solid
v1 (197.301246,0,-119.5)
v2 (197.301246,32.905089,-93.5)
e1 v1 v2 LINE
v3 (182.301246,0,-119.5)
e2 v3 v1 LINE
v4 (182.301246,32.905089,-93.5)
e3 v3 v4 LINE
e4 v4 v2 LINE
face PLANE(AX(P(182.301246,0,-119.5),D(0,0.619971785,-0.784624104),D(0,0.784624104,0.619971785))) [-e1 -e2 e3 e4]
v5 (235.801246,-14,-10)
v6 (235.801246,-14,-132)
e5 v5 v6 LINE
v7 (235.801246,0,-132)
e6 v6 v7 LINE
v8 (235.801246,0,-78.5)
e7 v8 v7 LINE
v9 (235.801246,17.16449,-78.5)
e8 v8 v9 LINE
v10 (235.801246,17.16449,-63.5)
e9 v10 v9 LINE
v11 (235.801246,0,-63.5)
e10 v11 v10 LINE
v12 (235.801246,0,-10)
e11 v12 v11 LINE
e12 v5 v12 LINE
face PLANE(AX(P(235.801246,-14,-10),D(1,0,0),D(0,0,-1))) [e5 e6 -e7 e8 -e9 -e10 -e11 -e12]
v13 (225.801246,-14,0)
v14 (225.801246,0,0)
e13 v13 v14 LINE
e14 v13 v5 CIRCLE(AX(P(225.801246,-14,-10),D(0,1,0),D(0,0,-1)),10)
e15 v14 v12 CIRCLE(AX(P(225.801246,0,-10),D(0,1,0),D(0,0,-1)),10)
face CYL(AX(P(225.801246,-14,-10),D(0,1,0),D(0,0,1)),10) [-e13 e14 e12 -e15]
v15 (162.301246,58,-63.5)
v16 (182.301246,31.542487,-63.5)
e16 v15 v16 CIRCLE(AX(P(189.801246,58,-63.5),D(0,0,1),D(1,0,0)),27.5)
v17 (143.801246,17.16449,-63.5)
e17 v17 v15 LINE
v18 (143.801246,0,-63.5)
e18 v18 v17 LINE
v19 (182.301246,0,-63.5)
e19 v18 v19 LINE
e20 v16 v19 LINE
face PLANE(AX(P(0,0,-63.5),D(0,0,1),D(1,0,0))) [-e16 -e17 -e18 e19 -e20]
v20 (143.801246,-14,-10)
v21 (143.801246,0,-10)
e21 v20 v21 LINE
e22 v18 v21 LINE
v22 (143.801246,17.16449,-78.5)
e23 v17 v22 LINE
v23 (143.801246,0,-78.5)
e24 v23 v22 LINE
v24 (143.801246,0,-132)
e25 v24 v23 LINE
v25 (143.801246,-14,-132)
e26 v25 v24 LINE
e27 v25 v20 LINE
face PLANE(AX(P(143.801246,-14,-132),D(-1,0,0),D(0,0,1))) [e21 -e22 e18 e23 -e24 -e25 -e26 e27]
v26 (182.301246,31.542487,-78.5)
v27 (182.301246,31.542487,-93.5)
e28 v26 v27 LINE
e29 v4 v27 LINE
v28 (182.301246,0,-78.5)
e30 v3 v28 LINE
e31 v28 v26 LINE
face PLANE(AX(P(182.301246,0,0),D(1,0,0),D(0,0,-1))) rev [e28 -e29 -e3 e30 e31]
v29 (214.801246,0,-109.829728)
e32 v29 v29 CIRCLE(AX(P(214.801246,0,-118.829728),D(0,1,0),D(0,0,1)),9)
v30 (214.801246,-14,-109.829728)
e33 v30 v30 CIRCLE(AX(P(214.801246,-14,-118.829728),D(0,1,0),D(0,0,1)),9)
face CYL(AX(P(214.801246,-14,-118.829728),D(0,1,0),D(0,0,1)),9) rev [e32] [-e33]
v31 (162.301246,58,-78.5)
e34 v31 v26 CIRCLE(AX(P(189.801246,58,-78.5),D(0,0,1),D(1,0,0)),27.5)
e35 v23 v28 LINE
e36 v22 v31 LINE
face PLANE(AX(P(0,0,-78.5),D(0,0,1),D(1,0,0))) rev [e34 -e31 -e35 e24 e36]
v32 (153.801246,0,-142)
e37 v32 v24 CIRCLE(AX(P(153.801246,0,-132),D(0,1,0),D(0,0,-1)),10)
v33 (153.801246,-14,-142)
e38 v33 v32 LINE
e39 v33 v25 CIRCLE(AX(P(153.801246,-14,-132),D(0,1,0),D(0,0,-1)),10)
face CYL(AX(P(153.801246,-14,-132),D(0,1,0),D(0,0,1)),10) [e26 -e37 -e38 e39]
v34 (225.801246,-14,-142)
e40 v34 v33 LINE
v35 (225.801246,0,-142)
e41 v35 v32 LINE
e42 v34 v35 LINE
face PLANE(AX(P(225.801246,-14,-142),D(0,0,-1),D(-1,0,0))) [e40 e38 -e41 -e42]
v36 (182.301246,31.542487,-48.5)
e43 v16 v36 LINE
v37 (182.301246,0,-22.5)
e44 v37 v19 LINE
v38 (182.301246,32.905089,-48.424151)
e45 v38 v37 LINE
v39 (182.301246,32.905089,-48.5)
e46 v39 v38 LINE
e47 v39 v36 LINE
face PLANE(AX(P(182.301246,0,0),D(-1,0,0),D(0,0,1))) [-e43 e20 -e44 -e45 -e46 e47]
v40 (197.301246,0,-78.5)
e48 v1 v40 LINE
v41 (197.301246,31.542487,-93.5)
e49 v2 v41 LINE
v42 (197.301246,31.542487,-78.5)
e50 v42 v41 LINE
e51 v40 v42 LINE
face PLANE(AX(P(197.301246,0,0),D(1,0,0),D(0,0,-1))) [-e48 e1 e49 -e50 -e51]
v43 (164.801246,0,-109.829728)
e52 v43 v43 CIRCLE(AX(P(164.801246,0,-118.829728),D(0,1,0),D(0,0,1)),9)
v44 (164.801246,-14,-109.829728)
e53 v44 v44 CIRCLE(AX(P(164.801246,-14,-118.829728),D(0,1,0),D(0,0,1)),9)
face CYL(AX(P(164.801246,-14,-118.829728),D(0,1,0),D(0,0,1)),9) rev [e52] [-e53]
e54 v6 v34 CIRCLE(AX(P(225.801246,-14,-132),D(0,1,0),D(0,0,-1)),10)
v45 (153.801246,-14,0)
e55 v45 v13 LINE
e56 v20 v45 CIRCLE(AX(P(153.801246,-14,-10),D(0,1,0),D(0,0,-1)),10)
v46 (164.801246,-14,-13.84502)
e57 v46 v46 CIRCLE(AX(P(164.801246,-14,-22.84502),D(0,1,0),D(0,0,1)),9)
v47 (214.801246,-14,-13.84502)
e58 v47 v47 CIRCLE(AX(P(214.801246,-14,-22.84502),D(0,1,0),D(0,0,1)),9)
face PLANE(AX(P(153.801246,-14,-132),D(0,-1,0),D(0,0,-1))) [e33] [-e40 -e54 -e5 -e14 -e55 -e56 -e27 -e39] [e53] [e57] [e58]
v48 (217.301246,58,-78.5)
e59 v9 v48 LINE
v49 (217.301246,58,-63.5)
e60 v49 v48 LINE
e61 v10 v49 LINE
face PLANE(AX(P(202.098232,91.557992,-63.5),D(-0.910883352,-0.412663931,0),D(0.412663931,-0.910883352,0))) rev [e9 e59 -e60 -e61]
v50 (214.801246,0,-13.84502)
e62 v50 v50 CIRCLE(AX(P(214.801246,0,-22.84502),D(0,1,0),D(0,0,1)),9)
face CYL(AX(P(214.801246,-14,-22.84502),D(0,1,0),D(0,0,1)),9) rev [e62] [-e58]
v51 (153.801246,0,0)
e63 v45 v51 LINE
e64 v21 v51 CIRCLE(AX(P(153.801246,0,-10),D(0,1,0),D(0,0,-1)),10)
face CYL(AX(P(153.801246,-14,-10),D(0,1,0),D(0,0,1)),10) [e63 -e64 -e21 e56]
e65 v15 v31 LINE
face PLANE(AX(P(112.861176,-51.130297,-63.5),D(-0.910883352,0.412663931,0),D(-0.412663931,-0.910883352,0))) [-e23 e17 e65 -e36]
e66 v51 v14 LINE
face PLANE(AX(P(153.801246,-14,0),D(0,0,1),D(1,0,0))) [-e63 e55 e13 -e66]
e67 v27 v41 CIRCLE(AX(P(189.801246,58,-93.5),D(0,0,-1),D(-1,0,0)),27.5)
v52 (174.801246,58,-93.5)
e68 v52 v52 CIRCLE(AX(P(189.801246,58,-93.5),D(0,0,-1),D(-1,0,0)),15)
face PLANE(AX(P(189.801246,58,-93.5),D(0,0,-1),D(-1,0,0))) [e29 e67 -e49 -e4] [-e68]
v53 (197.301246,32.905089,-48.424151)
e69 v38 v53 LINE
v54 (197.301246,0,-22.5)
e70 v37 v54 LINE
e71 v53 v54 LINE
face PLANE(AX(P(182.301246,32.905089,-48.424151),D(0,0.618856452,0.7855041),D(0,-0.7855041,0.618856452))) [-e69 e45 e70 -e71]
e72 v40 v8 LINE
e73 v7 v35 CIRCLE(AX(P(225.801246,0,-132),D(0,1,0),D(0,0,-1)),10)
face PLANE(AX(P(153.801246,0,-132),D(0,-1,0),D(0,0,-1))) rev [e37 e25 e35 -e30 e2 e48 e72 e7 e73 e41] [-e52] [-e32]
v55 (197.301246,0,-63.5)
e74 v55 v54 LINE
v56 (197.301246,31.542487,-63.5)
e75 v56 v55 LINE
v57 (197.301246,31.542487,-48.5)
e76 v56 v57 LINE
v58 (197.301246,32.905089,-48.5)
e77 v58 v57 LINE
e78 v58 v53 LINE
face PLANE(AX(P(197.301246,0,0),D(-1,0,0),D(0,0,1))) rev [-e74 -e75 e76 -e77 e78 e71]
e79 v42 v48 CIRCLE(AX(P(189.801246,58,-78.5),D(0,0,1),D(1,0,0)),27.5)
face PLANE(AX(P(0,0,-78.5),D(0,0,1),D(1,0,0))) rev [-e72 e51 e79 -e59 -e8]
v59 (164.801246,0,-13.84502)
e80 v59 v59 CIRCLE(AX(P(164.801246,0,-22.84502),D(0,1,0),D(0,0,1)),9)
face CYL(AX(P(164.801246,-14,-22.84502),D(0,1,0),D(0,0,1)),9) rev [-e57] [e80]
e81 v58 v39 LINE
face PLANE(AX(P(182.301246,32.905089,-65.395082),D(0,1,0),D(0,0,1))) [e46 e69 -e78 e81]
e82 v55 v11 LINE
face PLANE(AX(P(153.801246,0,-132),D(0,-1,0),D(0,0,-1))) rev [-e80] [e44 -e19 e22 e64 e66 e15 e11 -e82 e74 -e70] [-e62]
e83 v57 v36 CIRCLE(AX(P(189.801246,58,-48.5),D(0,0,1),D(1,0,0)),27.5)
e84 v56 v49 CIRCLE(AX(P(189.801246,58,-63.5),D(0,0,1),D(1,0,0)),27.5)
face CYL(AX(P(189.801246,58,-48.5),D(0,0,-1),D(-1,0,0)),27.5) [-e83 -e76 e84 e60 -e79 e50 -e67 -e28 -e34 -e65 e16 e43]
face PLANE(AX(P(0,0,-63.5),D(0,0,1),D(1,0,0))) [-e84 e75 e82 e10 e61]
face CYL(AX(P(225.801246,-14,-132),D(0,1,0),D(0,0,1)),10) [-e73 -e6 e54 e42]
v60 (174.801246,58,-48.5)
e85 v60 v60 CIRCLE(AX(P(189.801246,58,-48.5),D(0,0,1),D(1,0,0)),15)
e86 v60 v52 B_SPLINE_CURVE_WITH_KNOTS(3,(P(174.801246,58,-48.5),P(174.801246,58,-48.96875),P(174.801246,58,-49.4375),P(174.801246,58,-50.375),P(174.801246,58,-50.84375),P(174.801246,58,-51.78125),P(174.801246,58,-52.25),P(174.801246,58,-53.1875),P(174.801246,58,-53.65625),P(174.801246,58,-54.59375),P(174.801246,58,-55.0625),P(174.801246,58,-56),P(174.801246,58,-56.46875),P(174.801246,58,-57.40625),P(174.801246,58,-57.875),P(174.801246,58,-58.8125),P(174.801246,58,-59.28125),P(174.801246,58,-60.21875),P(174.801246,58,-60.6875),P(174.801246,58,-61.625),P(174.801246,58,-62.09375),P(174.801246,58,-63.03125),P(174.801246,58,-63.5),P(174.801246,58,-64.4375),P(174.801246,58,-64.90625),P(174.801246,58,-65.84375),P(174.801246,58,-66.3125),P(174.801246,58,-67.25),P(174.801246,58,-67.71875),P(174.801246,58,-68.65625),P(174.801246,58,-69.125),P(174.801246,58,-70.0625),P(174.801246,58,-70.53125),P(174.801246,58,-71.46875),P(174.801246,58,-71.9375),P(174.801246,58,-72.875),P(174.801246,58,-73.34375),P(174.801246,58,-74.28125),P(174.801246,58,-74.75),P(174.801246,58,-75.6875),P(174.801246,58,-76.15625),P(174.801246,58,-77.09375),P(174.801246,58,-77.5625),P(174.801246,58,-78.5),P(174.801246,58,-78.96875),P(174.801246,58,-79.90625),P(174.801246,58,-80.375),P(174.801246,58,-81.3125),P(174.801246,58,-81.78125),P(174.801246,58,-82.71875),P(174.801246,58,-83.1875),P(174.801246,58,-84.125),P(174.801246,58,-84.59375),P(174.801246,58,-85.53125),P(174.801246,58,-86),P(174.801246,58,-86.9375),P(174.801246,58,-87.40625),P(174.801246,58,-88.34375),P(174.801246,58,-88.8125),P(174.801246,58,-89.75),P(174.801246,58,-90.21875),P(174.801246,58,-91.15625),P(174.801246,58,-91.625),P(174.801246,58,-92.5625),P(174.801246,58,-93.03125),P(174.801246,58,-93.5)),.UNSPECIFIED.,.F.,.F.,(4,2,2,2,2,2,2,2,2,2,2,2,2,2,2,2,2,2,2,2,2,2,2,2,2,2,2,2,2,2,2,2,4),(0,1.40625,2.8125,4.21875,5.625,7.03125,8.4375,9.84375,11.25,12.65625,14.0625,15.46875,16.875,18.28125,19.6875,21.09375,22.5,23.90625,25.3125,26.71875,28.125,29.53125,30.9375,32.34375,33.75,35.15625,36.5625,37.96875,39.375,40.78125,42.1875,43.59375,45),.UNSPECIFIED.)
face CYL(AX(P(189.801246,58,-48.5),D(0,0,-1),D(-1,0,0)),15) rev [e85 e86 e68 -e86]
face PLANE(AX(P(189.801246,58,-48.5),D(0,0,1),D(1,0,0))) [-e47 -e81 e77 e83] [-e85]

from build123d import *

# Parameters (mm, degrees)
SKETCH1_R           = 9
BOSS_EXTRUDE1_DEPTH = 14
SKETCH2_R           = 27.5
SKETCH2_R_2         = 15
BOSS_EXTRUDE2_DEPTH = 22.5
SKETCH3_R           = 27.5
SKETCH3_R_2         = 15
BOSS_EXTRUDE3_DEPTH = 22.5
BOSS_EXTRUDE4_DEPTH = 7.5
BOSS_EXTRUDE9_DEPTH = 7.5


with BuildPart() as part:
    # Sketch1 → Boss-Extrude1 (new body)
    with BuildSketch(Plane(origin=(0, 0, 0), x_dir=(1, 0, 0), z_dir=(0, 1, 0))):
        with BuildLine():
            Line((153.801246265, 0), (225.801246265, 0))
            ThreePointArc((225.801246265, 0), (232.872314076, 2.928932188), (235.801246265, 10))
            Line((235.801246265, 10), (235.801246265, 132))
            ThreePointArc((235.801246265, 132), (232.872314076, 139.071067812), (225.801246265, 142))
            Line((225.801246265, 142), (153.801246265, 142))
            ThreePointArc((153.801246265, 142), (146.730178453, 139.071067812), (143.801246265, 132))
            Line((143.801246265, 132), (143.801246265, 10))
            ThreePointArc((143.801246265, 10), (146.730178453, 2.928932188), (153.801246265, 0))
        make_face()
        with Locations(Location((164.801246265, 22.845020392, 0), (0, 0, 270))):
            Circle(SKETCH1_R, mode=Mode.SUBTRACT)
        with Locations(Location((214.801246265, 22.845020392, 0), (0, 0, 270))):
            Circle(SKETCH1_R, mode=Mode.SUBTRACT)
        with Locations(Location((214.801246265, 118.829727622, 0), (0, 0, 270))):
            Circle(SKETCH1_R, mode=Mode.SUBTRACT)
        with Locations(Location((164.801246265, 118.829727622, 0), (0, 0, 270))):
            Circle(SKETCH1_R, mode=Mode.SUBTRACT)
    extrude(amount=-BOSS_EXTRUDE1_DEPTH)



with BuildPart() as body_2:
    # Sketch2 → Boss-Extrude2 (new body)
    with BuildSketch(Plane.XY.offset(-71)):
        with Locations(Location((189.801246265, 58, 0), (0, 0, 180))):
            Circle(SKETCH2_R)
        with Locations(Location((189.801246265, 58, 0), (0, 0, 180))):
            Circle(SKETCH2_R_2, mode=Mode.SUBTRACT)
    extrude(amount=BOSS_EXTRUDE2_DEPTH)

    # Sketch3 → Boss-Extrude3 (add)
    with BuildSketch(Plane(origin=(0, 0, -71), x_dir=(-1, 0, 0), z_dir=(0, 0, -1))):
        with Locations((-189.801246265, 58)):
            Circle(SKETCH3_R)
        with Locations((-189.801246265, 58)):
            Circle(SKETCH3_R_2, mode=Mode.SUBTRACT)
    extrude(amount=BOSS_EXTRUDE3_DEPTH)


with BuildPart() as part_1:
    add(part.part)

    add(body_2.part)  # Boss-Extrude4 merges body 2
    # Sketch4 → Boss-Extrude4 (add, symmetric)
    with BuildSketch(Plane.XY.offset(-71)):
        with BuildLine():
            Line((143.801246265, 0), (235.801246265, 0))
            Line((235.801246265, 0), (235.801246265, 17.16449016))
            Line((235.801246265, 17.16449016), (217.301246265, 58))
            ThreePointArc((217.301246265, 58), (189.801246265, 30.5), (162.301246265, 58))
            Line((162.301246265, 58), (143.801246265, 17.16449016))
            Line((143.801246265, 17.16449016), (143.801246265, 0))
        make_face()
    extrude(amount=BOSS_EXTRUDE4_DEPTH, both=True)

    # Sketch6 → Boss-Extrude9 (add, symmetric)
    with BuildSketch(Plane.ZY.offset(-189.801246265)):
        Polygon((-119.5, 0), (-78.5, 0), (-76.506871872, 0), (-76.506871872, 30.5), (-76.506871872, 32.905088901), (-93.5, 32.905088901), align=None)
        Polygon((-22.5, 0), (-63.5, 0), (-65.39508201, 0), (-65.39508201, 32.905088901), (-48.424150578, 32.905088901), align=None)
    extrude(amount=BOSS_EXTRUDE9_DEPTH, both=True)


solid = part_1.part
